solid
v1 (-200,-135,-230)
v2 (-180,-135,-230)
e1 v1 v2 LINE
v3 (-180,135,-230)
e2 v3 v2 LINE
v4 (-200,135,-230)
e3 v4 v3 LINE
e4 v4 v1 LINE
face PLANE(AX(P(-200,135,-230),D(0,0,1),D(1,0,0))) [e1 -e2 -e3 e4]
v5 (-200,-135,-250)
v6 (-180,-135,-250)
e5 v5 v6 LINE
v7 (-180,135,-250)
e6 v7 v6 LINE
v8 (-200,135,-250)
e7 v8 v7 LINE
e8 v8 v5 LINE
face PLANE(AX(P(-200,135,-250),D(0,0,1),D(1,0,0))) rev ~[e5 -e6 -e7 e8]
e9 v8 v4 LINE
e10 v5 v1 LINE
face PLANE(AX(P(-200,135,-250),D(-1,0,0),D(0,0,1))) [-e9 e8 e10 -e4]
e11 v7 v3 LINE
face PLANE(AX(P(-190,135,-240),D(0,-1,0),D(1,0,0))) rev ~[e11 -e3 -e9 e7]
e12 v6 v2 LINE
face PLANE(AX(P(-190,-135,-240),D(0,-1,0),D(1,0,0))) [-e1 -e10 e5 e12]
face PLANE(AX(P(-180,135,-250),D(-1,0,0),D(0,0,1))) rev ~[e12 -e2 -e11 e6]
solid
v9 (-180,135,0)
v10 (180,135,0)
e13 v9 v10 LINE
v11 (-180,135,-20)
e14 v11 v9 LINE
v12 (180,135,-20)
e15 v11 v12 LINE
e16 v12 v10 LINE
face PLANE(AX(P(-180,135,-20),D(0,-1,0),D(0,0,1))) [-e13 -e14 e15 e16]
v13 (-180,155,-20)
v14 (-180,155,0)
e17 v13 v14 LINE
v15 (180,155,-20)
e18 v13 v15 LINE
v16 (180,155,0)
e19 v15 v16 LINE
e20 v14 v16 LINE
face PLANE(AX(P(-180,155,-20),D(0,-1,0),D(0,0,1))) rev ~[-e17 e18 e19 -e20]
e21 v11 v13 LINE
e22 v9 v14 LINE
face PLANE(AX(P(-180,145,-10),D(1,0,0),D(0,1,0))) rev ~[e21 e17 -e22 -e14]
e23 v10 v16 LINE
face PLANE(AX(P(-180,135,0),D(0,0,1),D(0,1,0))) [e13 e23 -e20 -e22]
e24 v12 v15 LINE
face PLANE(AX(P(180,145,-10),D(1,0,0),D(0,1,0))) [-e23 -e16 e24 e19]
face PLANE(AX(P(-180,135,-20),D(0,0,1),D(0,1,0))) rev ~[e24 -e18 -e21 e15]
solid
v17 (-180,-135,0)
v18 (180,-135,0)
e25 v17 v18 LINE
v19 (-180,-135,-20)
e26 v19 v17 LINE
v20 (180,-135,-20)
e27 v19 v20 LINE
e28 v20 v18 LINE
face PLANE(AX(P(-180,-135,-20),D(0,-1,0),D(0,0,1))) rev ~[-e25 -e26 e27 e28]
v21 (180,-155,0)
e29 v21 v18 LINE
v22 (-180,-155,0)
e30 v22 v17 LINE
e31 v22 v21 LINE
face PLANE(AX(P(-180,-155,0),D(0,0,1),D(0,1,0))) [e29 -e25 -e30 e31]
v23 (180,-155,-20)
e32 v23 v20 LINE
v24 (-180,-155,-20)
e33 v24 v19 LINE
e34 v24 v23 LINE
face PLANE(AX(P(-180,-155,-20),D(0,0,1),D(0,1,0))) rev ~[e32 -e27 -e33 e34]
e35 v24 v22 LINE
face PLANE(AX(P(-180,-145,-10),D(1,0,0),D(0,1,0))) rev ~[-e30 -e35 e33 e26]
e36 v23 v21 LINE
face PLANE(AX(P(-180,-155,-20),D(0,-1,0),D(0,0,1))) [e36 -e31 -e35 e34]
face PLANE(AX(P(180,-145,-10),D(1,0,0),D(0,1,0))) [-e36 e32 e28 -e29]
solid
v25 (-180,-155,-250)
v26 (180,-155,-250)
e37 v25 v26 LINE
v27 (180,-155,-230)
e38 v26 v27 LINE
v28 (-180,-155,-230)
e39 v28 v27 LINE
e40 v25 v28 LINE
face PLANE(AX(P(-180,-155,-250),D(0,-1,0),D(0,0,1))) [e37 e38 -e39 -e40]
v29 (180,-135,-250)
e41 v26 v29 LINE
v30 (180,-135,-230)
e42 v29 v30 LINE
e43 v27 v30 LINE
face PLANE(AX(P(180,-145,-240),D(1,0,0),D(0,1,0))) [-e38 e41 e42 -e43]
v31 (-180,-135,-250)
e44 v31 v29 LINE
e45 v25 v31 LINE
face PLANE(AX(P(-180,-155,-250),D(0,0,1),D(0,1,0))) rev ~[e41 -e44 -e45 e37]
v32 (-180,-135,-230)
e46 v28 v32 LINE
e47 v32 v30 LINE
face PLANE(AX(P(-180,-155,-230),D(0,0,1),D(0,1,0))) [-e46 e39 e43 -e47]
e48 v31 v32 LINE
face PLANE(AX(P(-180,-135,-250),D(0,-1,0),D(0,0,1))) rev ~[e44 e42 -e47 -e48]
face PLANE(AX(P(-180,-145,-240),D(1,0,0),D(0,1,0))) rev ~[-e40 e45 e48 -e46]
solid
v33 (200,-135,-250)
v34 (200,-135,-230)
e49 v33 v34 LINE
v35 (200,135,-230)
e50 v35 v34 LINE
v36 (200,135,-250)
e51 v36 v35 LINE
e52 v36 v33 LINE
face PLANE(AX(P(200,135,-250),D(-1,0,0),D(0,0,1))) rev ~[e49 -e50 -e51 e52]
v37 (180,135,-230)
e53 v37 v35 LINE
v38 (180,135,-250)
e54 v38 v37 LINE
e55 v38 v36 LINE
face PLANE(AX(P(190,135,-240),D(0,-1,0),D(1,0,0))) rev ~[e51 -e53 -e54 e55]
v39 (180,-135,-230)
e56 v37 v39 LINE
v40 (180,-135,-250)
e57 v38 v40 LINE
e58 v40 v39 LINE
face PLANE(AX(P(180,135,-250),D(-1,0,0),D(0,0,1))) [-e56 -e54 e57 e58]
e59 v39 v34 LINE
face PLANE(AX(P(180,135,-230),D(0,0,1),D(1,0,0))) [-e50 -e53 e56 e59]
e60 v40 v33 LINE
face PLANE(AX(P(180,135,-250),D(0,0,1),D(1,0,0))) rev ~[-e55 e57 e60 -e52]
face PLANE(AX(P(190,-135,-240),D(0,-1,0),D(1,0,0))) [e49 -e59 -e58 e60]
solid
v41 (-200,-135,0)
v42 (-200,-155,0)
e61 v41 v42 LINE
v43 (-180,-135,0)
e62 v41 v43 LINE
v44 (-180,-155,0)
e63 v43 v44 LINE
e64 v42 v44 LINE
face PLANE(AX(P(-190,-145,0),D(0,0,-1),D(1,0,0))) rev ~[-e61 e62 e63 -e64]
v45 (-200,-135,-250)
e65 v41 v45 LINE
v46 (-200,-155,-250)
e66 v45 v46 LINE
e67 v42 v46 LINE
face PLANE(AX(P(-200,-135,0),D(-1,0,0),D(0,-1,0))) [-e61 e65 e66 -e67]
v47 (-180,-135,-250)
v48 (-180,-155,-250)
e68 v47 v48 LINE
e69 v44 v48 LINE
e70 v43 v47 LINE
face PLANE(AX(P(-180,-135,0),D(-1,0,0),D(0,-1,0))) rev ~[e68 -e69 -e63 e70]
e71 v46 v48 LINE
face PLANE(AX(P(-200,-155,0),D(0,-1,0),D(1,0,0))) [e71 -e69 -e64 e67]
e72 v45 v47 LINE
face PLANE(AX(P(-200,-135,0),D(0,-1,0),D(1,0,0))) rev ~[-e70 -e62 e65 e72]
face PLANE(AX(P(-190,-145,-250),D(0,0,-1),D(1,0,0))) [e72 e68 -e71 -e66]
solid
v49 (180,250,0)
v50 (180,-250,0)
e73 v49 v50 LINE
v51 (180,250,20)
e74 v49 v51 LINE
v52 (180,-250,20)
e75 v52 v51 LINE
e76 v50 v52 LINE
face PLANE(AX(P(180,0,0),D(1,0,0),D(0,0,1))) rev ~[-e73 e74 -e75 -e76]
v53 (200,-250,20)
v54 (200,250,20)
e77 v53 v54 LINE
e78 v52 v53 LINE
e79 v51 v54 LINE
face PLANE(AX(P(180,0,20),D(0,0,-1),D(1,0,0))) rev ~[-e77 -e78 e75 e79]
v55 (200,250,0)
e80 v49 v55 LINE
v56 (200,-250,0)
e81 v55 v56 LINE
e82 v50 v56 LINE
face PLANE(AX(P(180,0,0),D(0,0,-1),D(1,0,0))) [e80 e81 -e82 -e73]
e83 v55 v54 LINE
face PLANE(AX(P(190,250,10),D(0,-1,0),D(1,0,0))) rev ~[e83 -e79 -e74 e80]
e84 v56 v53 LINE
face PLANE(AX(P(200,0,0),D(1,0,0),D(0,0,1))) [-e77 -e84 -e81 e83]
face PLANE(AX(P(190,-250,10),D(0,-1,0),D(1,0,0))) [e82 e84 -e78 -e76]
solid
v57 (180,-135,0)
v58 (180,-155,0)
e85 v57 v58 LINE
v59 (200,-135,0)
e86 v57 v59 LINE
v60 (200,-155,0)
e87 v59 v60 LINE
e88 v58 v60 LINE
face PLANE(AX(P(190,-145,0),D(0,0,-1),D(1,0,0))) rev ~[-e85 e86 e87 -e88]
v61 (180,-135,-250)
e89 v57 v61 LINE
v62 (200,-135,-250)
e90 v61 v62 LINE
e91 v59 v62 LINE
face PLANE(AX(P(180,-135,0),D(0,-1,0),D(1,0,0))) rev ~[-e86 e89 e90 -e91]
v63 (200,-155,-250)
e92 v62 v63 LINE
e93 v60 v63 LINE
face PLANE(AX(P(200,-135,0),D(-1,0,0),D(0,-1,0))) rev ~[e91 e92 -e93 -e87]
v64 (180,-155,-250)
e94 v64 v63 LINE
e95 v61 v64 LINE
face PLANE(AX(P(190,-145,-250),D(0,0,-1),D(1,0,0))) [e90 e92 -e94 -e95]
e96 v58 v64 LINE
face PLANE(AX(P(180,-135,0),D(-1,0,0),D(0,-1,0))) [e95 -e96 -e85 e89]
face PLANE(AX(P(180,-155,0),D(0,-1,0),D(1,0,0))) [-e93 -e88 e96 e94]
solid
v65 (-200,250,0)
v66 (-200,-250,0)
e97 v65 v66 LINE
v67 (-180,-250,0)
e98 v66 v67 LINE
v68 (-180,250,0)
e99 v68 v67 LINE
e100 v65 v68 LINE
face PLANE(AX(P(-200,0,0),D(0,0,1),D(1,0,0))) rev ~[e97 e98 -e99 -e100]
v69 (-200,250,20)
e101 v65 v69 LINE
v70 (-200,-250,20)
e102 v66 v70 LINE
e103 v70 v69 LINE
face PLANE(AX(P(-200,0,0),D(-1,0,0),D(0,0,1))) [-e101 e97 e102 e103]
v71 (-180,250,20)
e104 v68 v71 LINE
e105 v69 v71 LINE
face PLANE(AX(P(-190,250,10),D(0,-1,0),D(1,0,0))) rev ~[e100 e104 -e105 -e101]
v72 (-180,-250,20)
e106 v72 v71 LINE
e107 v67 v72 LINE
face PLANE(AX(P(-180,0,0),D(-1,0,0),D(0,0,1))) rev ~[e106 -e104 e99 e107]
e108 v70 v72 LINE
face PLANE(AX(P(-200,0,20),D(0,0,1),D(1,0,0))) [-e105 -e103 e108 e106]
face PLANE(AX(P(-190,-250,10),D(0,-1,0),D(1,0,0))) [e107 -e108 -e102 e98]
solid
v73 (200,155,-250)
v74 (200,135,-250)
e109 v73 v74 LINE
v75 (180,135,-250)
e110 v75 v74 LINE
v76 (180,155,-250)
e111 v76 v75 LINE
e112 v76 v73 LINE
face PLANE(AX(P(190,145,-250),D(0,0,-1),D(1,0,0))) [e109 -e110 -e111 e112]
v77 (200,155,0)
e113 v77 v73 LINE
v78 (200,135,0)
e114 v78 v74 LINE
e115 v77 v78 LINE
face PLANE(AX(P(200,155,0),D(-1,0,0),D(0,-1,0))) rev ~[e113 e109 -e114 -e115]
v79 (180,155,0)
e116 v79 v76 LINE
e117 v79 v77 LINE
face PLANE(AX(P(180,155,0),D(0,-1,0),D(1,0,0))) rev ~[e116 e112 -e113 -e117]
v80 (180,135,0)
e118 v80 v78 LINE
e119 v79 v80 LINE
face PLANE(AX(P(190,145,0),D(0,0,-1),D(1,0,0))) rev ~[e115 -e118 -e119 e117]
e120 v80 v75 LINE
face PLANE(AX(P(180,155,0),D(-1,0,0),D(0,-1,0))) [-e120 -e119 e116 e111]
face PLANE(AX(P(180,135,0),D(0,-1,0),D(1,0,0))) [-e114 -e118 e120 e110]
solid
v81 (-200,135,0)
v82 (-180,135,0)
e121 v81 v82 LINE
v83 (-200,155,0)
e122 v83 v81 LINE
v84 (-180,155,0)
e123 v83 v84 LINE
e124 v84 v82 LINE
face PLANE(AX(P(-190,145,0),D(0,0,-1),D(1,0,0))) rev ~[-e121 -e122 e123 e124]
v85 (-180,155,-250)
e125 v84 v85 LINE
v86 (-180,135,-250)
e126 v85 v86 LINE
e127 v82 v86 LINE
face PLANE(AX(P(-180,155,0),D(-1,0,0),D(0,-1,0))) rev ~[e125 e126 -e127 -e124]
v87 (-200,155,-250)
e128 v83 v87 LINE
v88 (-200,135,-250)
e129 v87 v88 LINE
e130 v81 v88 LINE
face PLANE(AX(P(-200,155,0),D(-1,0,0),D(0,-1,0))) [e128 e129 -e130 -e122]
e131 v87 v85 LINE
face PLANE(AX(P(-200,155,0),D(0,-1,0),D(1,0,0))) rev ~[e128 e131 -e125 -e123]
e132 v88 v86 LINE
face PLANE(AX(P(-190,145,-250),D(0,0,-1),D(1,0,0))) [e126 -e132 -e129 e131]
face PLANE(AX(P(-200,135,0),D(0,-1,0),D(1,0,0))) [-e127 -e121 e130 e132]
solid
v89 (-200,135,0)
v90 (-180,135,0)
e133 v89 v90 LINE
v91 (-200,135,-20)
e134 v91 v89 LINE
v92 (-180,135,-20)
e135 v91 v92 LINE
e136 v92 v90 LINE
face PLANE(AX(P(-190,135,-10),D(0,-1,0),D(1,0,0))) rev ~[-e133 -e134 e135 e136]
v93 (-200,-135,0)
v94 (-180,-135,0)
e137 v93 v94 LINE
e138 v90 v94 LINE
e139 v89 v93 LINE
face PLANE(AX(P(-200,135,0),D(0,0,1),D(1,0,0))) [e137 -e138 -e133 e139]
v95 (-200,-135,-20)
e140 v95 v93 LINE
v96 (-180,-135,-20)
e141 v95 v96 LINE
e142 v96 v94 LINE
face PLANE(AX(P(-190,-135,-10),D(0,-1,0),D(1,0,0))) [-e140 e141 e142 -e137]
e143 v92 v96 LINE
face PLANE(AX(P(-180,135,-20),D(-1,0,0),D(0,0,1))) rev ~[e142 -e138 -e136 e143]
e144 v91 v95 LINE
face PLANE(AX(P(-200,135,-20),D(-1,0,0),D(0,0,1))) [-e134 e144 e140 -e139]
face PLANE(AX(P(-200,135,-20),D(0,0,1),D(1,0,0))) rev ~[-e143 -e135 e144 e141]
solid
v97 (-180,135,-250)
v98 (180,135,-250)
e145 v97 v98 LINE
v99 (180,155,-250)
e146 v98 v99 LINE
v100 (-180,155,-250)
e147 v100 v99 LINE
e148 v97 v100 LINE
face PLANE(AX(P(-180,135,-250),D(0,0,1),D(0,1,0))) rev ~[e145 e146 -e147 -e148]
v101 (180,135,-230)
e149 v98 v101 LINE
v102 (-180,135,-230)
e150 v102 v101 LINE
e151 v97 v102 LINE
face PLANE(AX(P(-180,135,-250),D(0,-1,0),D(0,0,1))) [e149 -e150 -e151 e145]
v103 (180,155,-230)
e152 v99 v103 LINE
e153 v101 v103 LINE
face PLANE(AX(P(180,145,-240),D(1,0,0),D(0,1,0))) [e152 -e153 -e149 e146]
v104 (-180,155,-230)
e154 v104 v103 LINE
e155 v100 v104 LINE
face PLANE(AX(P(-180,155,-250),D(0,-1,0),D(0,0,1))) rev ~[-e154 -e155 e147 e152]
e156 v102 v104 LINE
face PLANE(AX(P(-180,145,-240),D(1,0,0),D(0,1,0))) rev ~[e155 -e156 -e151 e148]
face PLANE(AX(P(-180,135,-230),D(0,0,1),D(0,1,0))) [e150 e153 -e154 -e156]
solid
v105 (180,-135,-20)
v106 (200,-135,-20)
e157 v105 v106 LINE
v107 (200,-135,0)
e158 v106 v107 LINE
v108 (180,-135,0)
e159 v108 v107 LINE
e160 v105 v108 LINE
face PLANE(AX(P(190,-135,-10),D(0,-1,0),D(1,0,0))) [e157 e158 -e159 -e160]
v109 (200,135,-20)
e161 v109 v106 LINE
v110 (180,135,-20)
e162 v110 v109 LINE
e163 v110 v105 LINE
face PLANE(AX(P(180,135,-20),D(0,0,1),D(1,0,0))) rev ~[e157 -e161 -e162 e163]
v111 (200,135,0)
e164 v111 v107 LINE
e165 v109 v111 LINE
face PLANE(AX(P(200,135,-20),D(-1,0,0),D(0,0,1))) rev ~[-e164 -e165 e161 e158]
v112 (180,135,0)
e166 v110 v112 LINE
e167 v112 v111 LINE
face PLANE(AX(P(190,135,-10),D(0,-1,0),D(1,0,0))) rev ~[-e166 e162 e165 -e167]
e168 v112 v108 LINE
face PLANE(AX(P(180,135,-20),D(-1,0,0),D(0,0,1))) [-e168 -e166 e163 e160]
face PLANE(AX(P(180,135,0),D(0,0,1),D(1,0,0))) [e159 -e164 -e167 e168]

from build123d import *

# Parameters (mm, degrees)
F0_W     = 20
F0_H     = 20
F1_DEPTH = 250
F2_W     = 20
F2_H     = 20
F3_DEPTH = 250
F4_W     = 20
F4_H     = 20
F5_DEPTH = 270
F6_W     = 20
F6_H     = 20
F7_DEPTH = 360


with BuildPart() as f1:
    # F0 (on Front) → F1 (new body, symmetric)
    with BuildSketch(Plane.XZ):
        with Locations((-190, 10)):
            Rectangle(F0_W, F0_H)
        with Locations((190, 10)):
            Rectangle(F0_W, F0_H)
    extrude(amount=F1_DEPTH, both=True)


with BuildPart() as f3:
    # F2 (on face) → F3 (new body)
    with BuildSketch(Plane(origin=(0, 0, 0), x_dir=(1, 0, 0), z_dir=(0, 0, -1))):
        with Locations((-190, 145)):
            Rectangle(F2_W, F2_H)
        with Locations((190, 145)):
            Rectangle(F2_W, F2_H)
        with Locations((190, -145)):
            Rectangle(F2_W, F2_H)
        with Locations((-190, -145)):
            Rectangle(F2_W, F2_H)
    extrude(amount=F3_DEPTH)


with BuildPart() as f5:
    # F4 (on face) → F5 (new body, through all)
    with BuildSketch(Plane.XZ.offset(-135)):
        with Locations((-190, -10)):
            Rectangle(F4_W, F4_H)
        with Locations((-190, -240)):
            Rectangle(F4_W, F4_H)
        with Locations((190, -10)):
            Rectangle(F4_W, F4_H)
        with Locations((190, -240)):
            Rectangle(F4_W, F4_H)
    extrude(amount=F5_DEPTH)


with BuildPart() as f7:
    # F6 (on face) → F7 (new body, through all)
    with BuildSketch(Plane.YZ.offset(-180)):
        with Locations((145, -10)):
            Rectangle(F6_W, F6_H)
        with Locations((145, -240)):
            Rectangle(F6_W, F6_H)
        with Locations((-145, -240)):
            Rectangle(F6_W, F6_H)
        with Locations((-145, -10)):
            Rectangle(F6_W, F6_H)
    extrude(amount=F7_DEPTH)


solid = Compound([f1.part, f3.part, f5.part, f7.part])
